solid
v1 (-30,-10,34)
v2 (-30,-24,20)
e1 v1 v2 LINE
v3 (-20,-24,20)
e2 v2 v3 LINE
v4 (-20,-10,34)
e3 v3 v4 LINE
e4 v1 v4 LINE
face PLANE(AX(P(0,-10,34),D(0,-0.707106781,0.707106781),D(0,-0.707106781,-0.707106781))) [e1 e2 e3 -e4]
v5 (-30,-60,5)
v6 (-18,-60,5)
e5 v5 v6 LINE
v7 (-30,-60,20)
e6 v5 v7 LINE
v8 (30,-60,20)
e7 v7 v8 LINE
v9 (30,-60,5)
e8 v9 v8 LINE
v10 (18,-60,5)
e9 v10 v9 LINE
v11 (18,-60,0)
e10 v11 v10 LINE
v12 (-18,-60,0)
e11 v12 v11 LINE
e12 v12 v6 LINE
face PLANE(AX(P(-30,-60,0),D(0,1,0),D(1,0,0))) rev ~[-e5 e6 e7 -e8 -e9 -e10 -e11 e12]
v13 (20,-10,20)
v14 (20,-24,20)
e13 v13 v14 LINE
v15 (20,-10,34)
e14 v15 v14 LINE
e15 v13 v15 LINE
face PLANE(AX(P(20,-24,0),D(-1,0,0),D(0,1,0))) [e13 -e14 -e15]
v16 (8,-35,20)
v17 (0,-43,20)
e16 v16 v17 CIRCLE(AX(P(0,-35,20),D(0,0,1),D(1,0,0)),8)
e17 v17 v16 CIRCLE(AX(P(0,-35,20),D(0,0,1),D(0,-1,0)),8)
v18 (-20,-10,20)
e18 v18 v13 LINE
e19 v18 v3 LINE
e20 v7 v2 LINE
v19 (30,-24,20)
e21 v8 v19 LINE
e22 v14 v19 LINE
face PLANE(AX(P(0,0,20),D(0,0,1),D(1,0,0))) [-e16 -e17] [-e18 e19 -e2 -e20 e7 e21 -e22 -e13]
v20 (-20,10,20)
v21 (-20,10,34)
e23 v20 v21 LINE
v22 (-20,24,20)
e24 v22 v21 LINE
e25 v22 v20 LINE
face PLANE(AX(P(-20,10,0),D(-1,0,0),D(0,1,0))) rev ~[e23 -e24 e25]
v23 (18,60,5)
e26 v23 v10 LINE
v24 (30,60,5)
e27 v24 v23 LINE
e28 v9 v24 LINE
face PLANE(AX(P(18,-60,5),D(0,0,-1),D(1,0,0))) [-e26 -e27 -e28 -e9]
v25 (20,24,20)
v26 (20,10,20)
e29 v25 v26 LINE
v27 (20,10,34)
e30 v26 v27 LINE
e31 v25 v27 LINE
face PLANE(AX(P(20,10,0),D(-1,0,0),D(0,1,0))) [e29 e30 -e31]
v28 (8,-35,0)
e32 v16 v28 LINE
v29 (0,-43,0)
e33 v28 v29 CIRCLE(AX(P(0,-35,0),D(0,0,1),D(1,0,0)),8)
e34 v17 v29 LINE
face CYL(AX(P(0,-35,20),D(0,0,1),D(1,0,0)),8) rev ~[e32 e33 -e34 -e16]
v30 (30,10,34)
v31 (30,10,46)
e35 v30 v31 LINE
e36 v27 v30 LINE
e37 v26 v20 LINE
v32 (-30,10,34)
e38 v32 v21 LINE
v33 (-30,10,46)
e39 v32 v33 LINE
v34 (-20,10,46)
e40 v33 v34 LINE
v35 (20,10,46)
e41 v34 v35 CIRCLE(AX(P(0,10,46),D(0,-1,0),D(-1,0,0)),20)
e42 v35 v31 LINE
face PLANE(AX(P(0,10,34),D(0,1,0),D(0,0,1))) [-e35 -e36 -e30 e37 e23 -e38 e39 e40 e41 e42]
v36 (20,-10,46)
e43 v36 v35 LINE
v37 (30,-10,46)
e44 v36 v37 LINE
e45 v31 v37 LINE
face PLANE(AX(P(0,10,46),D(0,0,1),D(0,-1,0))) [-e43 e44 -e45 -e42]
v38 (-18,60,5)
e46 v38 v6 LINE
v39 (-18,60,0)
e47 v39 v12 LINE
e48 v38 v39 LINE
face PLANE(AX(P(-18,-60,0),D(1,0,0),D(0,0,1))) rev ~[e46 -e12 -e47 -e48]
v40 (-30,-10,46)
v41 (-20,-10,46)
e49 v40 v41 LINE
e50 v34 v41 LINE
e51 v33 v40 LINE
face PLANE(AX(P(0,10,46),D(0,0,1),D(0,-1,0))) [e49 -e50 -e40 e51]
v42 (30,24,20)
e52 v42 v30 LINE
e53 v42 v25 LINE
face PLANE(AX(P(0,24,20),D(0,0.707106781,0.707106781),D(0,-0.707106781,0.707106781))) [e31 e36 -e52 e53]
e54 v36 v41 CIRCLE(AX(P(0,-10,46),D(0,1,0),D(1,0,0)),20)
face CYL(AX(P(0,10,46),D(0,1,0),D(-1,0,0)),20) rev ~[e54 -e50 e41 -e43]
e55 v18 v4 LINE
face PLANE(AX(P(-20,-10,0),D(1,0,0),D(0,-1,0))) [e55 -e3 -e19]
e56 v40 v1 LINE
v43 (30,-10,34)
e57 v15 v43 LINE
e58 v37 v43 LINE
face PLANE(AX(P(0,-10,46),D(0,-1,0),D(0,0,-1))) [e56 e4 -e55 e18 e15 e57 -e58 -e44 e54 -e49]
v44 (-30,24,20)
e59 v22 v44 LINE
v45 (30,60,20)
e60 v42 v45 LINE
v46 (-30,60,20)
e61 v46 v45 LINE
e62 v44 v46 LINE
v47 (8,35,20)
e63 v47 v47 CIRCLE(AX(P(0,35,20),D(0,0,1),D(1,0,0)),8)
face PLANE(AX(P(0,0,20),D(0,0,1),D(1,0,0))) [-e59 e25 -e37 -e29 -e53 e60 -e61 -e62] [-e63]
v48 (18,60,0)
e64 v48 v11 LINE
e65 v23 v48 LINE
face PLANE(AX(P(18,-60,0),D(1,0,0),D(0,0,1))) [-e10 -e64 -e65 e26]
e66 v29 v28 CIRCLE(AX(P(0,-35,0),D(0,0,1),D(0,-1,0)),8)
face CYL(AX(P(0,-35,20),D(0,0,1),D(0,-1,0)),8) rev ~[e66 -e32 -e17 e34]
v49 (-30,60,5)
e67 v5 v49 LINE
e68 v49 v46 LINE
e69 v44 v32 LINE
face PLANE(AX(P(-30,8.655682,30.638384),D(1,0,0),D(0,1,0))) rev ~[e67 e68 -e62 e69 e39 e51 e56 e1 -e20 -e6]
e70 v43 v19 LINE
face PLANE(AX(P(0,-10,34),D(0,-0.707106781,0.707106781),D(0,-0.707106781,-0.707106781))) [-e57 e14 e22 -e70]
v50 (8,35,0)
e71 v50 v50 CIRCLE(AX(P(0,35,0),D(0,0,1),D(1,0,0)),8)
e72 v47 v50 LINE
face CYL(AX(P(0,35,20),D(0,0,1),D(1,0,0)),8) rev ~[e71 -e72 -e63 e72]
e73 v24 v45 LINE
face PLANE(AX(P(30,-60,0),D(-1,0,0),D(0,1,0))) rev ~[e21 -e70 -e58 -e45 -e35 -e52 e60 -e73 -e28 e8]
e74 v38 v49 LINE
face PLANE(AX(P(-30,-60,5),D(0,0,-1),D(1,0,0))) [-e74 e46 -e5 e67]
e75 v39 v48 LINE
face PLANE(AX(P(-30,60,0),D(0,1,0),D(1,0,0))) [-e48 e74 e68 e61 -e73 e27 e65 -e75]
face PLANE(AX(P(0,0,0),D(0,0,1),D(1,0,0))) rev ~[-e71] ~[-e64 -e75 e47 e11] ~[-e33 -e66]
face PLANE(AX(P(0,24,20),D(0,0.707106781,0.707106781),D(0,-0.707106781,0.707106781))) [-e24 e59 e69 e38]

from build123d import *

# Parameters (mm, degrees)
F0_W          = 60
F0_H          = 120
F1_DEPTH      = 20
F2_W          = 12
F2_H          = 5
F3_DEPTH      = 258.3
F5_DEPTH      = 30
F5_DEPTH_BACK = 30
F6_R          = 20
F7_DEPTH      = 64
F7_DEPTH_BACK = 66
F8_R          = 8
F9_DEPTH      = 44.3
F11_DEPTH     = 115
F12_W         = 40
F12_H         = 14
F13_DEPTH     = 57
F14_DEPTH     = 49


with BuildPart() as f1:
    # F0 (on Top) → F1 (new body)
    with BuildSketch(Plane.XY):
        Rectangle(F0_W, F0_H)
    extrude(amount=F1_DEPTH)

    # F2 (on face) → F3 (cut)
    with BuildSketch(Plane.XZ.offset(60)):
        with Locations((-24, 2.5)):
            Rectangle(F2_W, F2_H)
        with Locations((24, 2.5)):
            Rectangle(F2_W, F2_H)
    extrude(amount=-F3_DEPTH, mode=Mode.SUBTRACT)

    # F4 (on Right) → F5 (join, two sides)
    with BuildSketch(Plane.YZ) as f5_sk:
        Polygon((0, 46), (0, 20), (24, 20), (10, 34), (10, 46), align=None)
        Polygon((-24, 20), (0, 20), (0, 46), (-10, 46), (-10, 34), align=None)
    extrude(amount=F5_DEPTH)
    extrude(f5_sk.sketch, amount=-F5_DEPTH_BACK)

    # F6 (on face) → F7 (cut, two sides)
    with BuildSketch(Plane(origin=(0, 10, 0), x_dir=(-1, 0, 0), z_dir=(0, 1, 0))) as f7_sk:
        with Locations((0, 46)):
            Circle(F6_R)
    extrude(amount=-F7_DEPTH, mode=Mode.SUBTRACT)
    extrude(f7_sk.sketch, amount=F7_DEPTH_BACK, mode=Mode.SUBTRACT)

    # F8 (on face) → F9 (cut)
    with BuildSketch(Plane.XY.offset(20)):
        with BuildLine():
            ThreePointArc((0, -43), (5.6568542495, -40.6568542495), (8, -35))
            ThreePointArc((8, -35), (-5.6568542495, -29.3431457505), (0, -43))
        make_face()
        with Locations((0, 35)):
            Circle(F8_R)
    extrude(amount=-F9_DEPTH, mode=Mode.SUBTRACT)

    # F10 (on Top) → F11 (cut)
    with BuildSketch(Plane.XY):
        Polygon((20, -10), (-16, -10), (-20, -10), (-20, -24), (16, -24), (20, -24), align=None)
    extrude(amount=F11_DEPTH, mode=Mode.SUBTRACT)

    # F12 (on Top) → F13 (cut)
    with BuildSketch(Plane.XY):
        with Locations((0, 17)):
            Rectangle(F12_W, F12_H)
    extrude(amount=F13_DEPTH, mode=Mode.SUBTRACT)

    # F14 (add): a face of the model
    f14_faces = [f1.faces().sort_by_distance(p)[0] for p in [
        (0, 24, 10.1923076923),
    ]]
    extrude(f14_faces, amount=F14_DEPTH)


solid = f1.part
